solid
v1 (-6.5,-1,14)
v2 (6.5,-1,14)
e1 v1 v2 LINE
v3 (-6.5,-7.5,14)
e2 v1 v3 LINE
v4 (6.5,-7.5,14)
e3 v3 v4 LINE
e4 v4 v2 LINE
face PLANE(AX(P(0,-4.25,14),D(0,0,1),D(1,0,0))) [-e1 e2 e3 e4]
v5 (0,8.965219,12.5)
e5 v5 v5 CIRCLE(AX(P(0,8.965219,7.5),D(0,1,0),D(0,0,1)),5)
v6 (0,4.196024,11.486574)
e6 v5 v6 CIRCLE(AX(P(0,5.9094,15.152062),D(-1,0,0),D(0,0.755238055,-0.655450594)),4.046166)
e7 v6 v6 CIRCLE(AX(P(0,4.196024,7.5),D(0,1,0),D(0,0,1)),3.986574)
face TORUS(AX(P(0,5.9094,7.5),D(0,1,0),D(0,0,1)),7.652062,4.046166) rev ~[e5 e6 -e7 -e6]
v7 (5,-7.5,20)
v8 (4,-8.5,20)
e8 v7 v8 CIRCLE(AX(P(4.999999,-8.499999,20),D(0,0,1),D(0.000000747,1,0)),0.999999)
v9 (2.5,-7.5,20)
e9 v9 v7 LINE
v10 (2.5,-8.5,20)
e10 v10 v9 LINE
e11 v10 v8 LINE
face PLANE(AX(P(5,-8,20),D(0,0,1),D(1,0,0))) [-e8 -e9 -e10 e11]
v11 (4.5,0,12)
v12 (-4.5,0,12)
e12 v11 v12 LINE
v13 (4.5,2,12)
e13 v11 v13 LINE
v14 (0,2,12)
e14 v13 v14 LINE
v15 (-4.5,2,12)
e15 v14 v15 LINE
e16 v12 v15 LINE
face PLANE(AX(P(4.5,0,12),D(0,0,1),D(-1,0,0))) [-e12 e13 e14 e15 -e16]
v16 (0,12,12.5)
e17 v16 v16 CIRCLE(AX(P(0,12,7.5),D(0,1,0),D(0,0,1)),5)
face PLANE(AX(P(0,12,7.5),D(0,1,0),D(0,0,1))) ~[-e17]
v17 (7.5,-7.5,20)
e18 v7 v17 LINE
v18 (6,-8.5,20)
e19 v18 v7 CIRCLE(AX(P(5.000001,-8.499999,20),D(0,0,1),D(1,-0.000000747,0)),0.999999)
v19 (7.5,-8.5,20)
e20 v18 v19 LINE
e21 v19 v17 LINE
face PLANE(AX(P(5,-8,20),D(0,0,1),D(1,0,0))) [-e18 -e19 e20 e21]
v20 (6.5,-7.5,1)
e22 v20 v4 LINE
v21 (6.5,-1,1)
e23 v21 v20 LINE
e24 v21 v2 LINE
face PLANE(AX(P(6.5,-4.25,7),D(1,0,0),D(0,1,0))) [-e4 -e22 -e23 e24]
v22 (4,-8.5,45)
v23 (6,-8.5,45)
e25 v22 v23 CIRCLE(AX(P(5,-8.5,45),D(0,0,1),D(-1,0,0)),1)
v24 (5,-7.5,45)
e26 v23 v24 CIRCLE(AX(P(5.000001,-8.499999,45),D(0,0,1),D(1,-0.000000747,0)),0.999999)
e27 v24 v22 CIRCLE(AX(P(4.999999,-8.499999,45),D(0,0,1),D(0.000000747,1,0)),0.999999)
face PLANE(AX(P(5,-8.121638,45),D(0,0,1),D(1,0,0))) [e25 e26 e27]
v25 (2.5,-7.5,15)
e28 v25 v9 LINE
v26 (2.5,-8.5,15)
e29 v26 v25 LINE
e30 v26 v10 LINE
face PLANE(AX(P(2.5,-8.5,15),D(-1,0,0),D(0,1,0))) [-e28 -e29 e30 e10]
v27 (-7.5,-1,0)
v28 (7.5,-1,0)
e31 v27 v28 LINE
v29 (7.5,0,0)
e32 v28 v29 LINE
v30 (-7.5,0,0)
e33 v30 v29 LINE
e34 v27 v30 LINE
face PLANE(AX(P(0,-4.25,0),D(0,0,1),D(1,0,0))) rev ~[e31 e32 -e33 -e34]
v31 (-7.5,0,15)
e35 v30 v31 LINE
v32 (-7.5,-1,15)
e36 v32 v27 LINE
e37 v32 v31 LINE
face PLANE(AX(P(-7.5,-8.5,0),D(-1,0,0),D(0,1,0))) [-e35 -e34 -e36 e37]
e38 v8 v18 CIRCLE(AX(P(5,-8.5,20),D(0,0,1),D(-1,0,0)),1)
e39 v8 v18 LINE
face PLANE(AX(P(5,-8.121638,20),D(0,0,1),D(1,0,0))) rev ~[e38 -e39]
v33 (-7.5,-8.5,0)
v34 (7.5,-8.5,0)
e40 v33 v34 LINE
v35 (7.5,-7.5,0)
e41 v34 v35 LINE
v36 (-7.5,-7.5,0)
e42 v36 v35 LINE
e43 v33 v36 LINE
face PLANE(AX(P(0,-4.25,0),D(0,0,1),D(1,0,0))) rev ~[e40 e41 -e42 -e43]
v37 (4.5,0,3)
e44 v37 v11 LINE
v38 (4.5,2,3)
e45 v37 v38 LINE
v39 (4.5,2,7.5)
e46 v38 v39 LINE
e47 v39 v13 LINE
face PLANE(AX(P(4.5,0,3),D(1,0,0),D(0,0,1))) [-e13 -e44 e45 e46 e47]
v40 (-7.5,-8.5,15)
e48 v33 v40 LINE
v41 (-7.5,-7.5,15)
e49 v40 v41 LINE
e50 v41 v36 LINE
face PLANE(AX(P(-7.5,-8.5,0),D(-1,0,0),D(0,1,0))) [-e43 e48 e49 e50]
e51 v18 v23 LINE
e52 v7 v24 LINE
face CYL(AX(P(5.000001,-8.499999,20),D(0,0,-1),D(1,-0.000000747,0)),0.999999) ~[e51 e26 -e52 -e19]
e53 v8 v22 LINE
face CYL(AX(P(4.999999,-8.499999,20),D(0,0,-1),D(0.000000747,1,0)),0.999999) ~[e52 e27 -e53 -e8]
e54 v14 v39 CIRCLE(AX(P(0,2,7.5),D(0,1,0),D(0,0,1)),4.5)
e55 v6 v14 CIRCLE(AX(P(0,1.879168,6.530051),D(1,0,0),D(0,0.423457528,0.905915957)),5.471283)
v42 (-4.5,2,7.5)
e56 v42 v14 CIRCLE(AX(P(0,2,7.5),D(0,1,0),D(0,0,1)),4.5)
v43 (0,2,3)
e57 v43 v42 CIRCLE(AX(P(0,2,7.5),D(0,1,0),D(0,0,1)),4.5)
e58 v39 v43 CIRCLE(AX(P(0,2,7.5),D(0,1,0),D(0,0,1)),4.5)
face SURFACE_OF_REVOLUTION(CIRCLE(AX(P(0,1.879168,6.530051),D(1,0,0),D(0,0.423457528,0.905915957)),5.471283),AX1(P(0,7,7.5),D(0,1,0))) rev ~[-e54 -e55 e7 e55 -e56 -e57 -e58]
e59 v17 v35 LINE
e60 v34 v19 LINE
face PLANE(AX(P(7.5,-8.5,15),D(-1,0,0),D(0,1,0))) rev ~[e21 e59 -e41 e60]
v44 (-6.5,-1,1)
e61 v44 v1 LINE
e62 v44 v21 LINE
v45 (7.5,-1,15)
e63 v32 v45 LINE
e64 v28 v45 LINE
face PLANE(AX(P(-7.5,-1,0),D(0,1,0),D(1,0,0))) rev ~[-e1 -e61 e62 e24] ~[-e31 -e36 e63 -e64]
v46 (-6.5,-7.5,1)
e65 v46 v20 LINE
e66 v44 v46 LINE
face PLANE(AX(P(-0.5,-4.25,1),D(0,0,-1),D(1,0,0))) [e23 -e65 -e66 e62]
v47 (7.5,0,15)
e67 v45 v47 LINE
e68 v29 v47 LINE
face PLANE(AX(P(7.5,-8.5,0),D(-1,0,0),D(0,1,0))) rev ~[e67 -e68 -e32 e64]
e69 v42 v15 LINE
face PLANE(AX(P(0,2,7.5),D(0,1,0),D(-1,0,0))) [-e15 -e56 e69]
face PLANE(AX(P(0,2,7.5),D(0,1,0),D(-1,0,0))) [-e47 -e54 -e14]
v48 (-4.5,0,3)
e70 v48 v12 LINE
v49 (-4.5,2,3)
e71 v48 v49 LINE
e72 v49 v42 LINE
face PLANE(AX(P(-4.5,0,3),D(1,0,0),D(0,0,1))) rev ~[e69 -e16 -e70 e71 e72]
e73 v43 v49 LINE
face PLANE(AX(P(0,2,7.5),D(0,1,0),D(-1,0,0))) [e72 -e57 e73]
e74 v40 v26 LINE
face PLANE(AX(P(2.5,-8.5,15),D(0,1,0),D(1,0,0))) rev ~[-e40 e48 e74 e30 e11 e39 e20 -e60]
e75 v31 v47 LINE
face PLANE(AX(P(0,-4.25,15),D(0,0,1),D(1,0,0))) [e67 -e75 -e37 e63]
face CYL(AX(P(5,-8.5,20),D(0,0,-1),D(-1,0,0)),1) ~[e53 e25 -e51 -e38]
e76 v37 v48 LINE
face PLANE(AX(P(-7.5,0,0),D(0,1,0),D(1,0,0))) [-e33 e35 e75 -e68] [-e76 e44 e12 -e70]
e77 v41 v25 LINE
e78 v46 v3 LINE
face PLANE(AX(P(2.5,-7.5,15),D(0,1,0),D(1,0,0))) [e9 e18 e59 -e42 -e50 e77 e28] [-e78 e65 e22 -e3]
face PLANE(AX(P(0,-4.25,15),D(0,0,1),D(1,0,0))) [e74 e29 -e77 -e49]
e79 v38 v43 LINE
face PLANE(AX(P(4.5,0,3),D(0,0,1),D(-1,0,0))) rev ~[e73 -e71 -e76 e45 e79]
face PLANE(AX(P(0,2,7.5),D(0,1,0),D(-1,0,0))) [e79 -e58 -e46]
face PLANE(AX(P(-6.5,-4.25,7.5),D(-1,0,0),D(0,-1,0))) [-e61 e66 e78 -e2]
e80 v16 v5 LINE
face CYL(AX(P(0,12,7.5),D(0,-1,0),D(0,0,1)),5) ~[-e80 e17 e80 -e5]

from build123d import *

# Parameters (mm, degrees)
F0_W      = 15
F0_H      = 8.5
F1_DEPTH  = 15
F2_W      = 15
F2_H      = 6.5
F3_DEPTH  = 1
F4_W      = 6.5
F4_H      = 14
F5_DEPTH  = 1
F6_W      = 14
F6_H      = 6.5
F7_DEPTH  = 1
F8_W      = 6.5
F8_H      = 13
F9_DEPTH  = 1
F10_W     = 5
F10_H     = 1
F11_DEPTH = 5
F12_W     = 9
F12_H     = 9
F13_DEPTH = 2
F17_DEPTH = 25


with BuildPart() as f1:
    # F0 (on Top) → F1 (new body)
    with BuildSketch(Plane.XY):
        with Locations((0, -4.25)):
            Rectangle(F0_W, F0_H)
    extrude(amount=F1_DEPTH)

    # F2 (on face) → F3 (cut)
    with BuildSketch(Plane.XY.offset(15)):
        with Locations((0, -4.25)):
            Rectangle(F2_W, F2_H)
    extrude(amount=-F3_DEPTH, mode=Mode.SUBTRACT)

    # F4 (on face) → F5 (cut)
    with BuildSketch(Plane.YZ.offset(7.5)):
        with Locations((-4.25, 7)):
            Rectangle(F4_W, F4_H)
    extrude(amount=-F5_DEPTH, mode=Mode.SUBTRACT)

    # F6 (on face) → F7 (cut)
    with BuildSketch(Plane(origin=(0, 0, 0), x_dir=(1, 0, 0), z_dir=(0, 0, -1))):
        with Locations((-0.5, 4.25)):
            Rectangle(F6_W, F6_H)
    extrude(amount=-F7_DEPTH, mode=Mode.SUBTRACT)

    # F8 (on face) → F9 (cut)
    with BuildSketch(Plane(origin=(-7.5, 0, 0), x_dir=(0, -1, 0), z_dir=(-1, 0, 0))):
        with Locations((4.25, 7.5)):
            Rectangle(F8_W, F8_H)
    extrude(amount=-F9_DEPTH, mode=Mode.SUBTRACT)

    # F10 (on face) → F11 (join)
    with BuildSketch(Plane.XY.offset(15)):
        with Locations((5, -8)):
            Rectangle(F10_W, F10_H)
    extrude(amount=F11_DEPTH)

    # F12 (on face) → F13 (join)
    with BuildSketch(Plane(origin=(0, 0, 0), x_dir=(-1, 0, 0), z_dir=(0, 1, 0))):
        with Locations((0, 7.5)):
            Rectangle(F12_W, F12_H)
    extrude(amount=F13_DEPTH)

    # F14 (on Right) → F15 (revolve)
    with BuildSketch(Plane.YZ):
        with BuildLine():
            ThreePointArc((4.196024, 11.486574), (3.124753, 11.857664), (2, 12))
            Line((2, 12), (2, 7.5))
            Line((2, 7.5), (12, 7.5))
            Line((12, 7.5), (12, 12.5))
            Line((12, 12.5), (8.965219, 12.5))
            ThreePointArc((8.965219, 12.5), (6.750409, 11.194264), (4.196024, 11.486574))
        make_face()
    revolve(axis=Axis((0, 7, 7.5), (0, 1, 0)))

    # F16 (on face) → F17 (join)
    with BuildSketch(Plane.XY.offset(20)):
        with BuildLine():
            Line((4, -8.5), (6, -8.5))
            ThreePointArc((6, -8.5), (5.707107, -7.792893), (5, -7.5))
            ThreePointArc((5, -7.5), (4.292893, -7.792893), (4, -8.5))
        make_face()
        with BuildLine():
            ThreePointArc((4, -8.5), (5, -9.5), (6, -8.5))
            Line((6, -8.5), (4, -8.5))
        make_face()
    extrude(amount=F17_DEPTH)


solid = f1.part
